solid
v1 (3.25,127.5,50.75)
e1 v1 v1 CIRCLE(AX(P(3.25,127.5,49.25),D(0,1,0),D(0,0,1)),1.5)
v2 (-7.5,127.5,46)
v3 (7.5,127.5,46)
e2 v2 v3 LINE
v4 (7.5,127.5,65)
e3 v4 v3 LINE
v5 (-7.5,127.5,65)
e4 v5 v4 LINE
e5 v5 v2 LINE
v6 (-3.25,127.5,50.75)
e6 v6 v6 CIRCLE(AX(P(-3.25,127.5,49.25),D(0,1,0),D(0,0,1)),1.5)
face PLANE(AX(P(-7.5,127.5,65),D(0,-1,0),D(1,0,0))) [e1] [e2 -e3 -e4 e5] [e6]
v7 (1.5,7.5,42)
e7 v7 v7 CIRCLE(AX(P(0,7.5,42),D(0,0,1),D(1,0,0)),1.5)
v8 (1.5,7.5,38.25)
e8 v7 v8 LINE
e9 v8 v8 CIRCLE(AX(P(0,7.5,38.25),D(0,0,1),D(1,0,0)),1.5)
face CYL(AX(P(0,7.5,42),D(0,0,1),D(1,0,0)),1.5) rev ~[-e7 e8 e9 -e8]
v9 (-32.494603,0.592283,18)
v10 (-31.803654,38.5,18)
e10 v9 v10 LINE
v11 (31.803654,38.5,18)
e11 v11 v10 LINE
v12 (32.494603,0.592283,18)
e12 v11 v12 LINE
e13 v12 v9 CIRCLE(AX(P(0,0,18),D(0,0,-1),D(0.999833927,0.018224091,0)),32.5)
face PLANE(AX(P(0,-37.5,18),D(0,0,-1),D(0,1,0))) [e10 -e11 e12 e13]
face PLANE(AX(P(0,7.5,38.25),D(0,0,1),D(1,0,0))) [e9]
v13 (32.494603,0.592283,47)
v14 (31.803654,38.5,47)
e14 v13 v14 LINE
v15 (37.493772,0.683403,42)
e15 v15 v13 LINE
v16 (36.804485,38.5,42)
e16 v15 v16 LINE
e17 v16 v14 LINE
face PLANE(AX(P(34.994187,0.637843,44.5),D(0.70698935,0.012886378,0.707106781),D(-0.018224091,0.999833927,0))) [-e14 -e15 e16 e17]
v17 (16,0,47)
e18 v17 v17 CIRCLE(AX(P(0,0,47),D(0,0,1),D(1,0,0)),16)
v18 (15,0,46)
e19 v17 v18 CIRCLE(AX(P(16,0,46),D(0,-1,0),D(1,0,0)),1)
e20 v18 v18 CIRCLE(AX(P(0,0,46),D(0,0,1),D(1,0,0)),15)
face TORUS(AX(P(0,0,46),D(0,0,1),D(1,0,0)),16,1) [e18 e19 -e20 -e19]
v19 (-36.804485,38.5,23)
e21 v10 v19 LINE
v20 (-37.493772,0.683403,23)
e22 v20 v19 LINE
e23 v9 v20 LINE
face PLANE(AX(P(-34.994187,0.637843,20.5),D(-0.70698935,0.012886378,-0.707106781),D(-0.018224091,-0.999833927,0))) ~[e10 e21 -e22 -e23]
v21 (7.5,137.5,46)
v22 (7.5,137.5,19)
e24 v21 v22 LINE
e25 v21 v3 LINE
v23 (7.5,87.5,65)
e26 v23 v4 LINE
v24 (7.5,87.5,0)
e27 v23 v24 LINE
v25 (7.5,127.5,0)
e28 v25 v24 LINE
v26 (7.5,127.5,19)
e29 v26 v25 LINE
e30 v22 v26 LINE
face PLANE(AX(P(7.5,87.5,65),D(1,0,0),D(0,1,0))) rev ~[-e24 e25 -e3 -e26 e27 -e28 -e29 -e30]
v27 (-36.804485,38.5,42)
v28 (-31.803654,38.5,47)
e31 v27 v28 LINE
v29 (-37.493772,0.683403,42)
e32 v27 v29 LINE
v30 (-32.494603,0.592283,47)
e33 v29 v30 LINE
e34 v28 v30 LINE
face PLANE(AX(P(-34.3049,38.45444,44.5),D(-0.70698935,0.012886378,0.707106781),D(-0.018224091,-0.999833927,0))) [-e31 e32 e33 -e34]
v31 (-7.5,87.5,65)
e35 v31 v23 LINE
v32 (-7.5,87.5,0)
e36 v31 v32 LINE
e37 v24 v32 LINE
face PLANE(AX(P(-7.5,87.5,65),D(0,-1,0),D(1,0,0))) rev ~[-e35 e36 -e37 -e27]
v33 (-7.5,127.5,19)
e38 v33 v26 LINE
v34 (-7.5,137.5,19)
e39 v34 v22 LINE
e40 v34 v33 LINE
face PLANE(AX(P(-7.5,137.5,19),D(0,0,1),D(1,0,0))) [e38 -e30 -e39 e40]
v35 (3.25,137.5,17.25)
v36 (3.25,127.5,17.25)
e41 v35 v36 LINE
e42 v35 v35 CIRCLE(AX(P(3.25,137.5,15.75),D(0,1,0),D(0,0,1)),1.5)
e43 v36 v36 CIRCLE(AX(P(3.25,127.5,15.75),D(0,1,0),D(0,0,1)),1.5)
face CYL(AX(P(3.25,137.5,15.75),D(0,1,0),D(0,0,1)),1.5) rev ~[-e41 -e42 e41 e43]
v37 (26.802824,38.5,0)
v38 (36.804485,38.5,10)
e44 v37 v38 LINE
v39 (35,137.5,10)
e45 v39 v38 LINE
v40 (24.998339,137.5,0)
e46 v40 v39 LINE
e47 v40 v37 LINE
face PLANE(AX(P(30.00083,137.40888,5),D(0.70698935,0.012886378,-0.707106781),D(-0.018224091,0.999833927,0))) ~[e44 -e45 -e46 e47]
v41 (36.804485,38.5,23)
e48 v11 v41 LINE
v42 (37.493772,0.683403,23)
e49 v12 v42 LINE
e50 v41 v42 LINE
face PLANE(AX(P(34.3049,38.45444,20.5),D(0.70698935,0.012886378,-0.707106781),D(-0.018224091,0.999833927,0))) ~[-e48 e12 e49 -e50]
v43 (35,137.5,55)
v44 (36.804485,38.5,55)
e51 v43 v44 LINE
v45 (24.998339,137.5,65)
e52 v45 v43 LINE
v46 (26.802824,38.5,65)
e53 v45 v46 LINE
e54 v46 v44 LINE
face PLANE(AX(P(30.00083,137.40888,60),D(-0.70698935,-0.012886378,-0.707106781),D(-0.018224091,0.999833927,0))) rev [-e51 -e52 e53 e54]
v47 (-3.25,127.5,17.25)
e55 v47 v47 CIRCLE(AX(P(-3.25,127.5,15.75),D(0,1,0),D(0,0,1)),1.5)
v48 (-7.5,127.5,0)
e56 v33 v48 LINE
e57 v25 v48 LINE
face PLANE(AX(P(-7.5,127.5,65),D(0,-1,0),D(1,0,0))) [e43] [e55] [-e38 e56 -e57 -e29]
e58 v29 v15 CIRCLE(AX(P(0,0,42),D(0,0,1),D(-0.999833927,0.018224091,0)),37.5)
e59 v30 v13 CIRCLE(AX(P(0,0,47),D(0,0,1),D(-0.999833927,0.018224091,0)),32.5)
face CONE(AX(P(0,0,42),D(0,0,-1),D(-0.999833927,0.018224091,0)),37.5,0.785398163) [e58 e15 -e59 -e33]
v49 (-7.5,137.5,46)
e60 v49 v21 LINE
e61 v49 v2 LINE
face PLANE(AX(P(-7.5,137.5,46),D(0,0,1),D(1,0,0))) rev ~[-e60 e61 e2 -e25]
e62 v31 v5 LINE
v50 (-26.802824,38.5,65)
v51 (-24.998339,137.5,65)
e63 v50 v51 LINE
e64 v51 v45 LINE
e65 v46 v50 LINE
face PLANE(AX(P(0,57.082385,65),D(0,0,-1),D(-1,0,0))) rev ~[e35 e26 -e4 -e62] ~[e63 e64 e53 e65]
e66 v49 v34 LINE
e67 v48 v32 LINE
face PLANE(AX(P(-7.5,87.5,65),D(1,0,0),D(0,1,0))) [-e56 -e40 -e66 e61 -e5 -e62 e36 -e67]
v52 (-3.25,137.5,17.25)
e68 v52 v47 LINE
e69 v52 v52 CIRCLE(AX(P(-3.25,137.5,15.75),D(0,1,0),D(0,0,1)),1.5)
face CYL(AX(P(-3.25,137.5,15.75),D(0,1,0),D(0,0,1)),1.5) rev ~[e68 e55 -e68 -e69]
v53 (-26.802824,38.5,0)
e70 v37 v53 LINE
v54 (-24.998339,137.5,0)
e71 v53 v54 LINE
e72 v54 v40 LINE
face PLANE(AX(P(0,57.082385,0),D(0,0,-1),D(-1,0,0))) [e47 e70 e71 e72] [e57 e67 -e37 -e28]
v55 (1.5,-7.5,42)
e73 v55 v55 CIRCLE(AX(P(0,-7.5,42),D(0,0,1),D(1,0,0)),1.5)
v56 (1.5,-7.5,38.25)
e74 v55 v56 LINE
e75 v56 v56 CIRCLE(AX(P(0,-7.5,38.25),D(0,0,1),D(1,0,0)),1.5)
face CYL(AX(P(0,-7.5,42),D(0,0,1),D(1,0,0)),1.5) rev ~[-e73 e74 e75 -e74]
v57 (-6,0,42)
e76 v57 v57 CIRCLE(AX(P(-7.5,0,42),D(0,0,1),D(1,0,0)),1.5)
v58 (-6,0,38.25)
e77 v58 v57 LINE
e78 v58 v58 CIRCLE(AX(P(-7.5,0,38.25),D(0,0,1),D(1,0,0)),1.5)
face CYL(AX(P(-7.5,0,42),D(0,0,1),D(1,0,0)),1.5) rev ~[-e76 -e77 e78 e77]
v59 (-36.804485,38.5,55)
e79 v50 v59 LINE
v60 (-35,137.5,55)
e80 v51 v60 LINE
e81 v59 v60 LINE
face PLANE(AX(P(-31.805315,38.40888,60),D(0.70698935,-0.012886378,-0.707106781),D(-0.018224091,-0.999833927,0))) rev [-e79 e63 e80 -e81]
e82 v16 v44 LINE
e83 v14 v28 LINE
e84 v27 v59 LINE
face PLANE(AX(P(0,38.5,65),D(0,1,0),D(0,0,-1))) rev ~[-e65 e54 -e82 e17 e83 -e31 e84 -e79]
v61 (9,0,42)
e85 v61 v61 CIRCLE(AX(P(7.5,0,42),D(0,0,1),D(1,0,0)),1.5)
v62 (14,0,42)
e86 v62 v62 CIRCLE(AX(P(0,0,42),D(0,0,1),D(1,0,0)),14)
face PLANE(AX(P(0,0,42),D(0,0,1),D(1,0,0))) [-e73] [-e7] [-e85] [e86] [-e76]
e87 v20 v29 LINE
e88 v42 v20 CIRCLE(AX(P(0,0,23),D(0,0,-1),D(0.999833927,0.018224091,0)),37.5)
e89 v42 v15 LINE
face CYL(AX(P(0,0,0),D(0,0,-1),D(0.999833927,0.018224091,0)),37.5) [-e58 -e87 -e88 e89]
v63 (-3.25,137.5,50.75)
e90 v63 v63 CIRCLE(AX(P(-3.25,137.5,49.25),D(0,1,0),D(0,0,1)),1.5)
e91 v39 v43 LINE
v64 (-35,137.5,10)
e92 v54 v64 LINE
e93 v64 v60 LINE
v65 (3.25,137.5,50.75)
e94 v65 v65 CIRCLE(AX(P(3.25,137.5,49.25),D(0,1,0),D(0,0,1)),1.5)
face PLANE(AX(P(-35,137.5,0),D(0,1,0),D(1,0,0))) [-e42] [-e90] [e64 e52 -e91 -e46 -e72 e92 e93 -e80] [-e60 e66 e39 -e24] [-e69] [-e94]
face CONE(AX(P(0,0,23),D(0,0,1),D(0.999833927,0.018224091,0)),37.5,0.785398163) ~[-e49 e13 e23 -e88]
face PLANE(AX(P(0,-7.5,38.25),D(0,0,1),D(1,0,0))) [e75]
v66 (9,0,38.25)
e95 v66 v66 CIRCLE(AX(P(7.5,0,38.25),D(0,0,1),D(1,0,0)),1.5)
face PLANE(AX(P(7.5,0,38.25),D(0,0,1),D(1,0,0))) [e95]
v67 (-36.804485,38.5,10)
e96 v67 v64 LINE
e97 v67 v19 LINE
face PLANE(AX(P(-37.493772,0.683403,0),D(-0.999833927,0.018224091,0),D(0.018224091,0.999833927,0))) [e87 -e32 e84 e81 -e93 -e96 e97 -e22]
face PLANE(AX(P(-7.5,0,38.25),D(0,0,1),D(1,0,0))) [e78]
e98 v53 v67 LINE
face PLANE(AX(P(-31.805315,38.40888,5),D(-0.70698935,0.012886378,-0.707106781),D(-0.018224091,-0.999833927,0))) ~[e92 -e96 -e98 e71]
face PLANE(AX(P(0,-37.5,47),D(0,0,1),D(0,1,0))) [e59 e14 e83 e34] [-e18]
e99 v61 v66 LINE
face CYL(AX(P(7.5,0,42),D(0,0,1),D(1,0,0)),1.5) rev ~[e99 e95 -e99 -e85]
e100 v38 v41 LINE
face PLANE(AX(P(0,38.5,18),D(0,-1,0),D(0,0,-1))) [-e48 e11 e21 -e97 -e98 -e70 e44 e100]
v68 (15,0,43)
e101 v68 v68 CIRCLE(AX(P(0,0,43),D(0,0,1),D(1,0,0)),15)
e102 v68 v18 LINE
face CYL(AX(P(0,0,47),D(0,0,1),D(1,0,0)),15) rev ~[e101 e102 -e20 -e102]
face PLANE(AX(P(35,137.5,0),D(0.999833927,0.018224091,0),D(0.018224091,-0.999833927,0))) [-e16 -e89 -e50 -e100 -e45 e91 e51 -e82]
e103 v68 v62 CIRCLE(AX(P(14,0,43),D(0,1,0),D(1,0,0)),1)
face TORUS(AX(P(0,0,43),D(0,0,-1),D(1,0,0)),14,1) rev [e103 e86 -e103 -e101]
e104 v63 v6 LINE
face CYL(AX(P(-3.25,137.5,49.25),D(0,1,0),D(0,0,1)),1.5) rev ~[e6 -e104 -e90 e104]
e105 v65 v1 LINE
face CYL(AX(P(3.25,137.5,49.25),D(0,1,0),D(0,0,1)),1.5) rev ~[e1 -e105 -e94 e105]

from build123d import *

# Parameters (mm, degrees)
BOSS_EXTRUDE1_DEPTH = 65
SKETCH2_W           = 18
SKETCH2_H           = 76
CUT_EXTRUDE1_DEPTH  = 48.5
CHAMFER1_SIZE       = 10
CHAMFER2_SIZE       = 5
SKETCH3_R           = 15
CUT_EXTRUDE2_DEPTH  = 5
SKETCH5_R           = 1.5
CUT_EXTRUDE3_DEPTH  = 3.75
FILLET1_R           = 1
SKETCH6_W           = 15
SKETCH6_H           = 40
CUT_EXTRUDE4_DEPTH  = 157.644501978
SKETCH7_R           = 1.5
SKETCH7_W           = 15
SKETCH7_H           = 27
CUT_EXTRUDE5_DEPTH  = 10


with BuildPart() as part:
    # Sketch1 → Boss-Extrude1 (new body)
    with BuildSketch(Plane.XY):
        with BuildLine():
            Line((-35, 137.5), (35, 137.5))
            Line((35, 137.5), (37.49377228, 0.68340342))
            ThreePointArc((37.49377228, 0.68340342), (0, -37.5), (-37.49377228, 0.68340342))
            Line((-37.49377228, 0.68340342), (-35, 137.5))
        make_face()
    extrude(amount=BOSS_EXTRUDE1_DEPTH)

    # Sketch2 → Cut-Extrude1 (cut, symmetric)
    with BuildSketch(Plane(origin=(0, 0, 0), x_dir=(0, 0, -1), z_dir=(1, 0, 0))):
        with Locations((-56, 0.5)):
            Rectangle(SKETCH2_W, SKETCH2_H)
        with Locations((-9, 0.5)):
            Rectangle(SKETCH2_W, SKETCH2_H)
    extrude(amount=CUT_EXTRUDE1_DEPTH, both=True, mode=Mode.SUBTRACT)

    # Chamfer1
    chamfer1_edges = [part.edges().sort_by_distance(p)[0] for p in [
        (-35.902242352, 88, 65),
        (35.902242352, 88, 0),
        (35.902242352, 88, 65),
        (-35.902242352, 88, 0),
    ]]
    chamfer(chamfer1_edges, length=CHAMFER1_SIZE)

    # Chamfer2
    chamfer2_edges = [part.edges().sort_by_distance(p)[0] for p in [
        (0, -37.5, 18),
        (0, -37.5, 47),
        (37.149128492, 19.59170171, 47),
        (-37.149128492, 19.59170171, 47),
        (37.149128492, 19.59170171, 18),
        (-37.149128492, 19.59170171, 18),
    ]]
    chamfer(chamfer2_edges, length=CHAMFER2_SIZE)

    # Sketch3 → Cut-Extrude2 (cut, symmetric)
    with BuildSketch(Plane.XY.offset(47)):
        Circle(SKETCH3_R)
    extrude(amount=CUT_EXTRUDE2_DEPTH, both=True, mode=Mode.SUBTRACT)

    # Sketch5 → Cut-Extrude3 (cut, symmetric)
    with BuildSketch(Plane.XY.offset(42)):
        with Locations((0, 7.5)):
            Circle(SKETCH5_R)
        with Locations((7.5, 0)):
            Circle(SKETCH5_R)
        with Locations((0, -7.5)):
            Circle(SKETCH5_R)
        with Locations((-7.5, 0)):
            Circle(SKETCH5_R)
    extrude(amount=CUT_EXTRUDE3_DEPTH, both=True, mode=Mode.SUBTRACT)

    # Fillet1
    fillet1_edges = [part.edges().sort_by_distance(p)[0] for p in [
        (-15, 0, 47),
        (-15, 0, 42),
    ]]
    fillet(fillet1_edges, radius=FILLET1_R)

    # Sketch6 → Cut-Extrude4 (cut, through all)
    with BuildSketch(Plane.XY.offset(65)):
        with Locations((0, 107.5)):
            Rectangle(SKETCH6_W, SKETCH6_H)
    extrude(amount=-CUT_EXTRUDE4_DEPTH, mode=Mode.SUBTRACT)

    # Sketch7 → Cut-Extrude5 (cut)
    with BuildSketch(Plane(origin=(0, 137.5, 0), x_dir=(1, 0, 0), z_dir=(0, 1, 0))):
        with Locations(Location((-3.25, -15.75, 0), (0, 0, 270))):
            Circle(SKETCH7_R)
        with Locations(Location((3.25, -15.75, 0), (0, 0, 270))):
            Circle(SKETCH7_R)
        with Locations(Location((3.25, -49.25, 0), (0, 0, 270))):
            Circle(SKETCH7_R)
        with Locations(Location((-3.25, -49.25, 0), (0, 0, 270))):
            Circle(SKETCH7_R)
        with Locations((0, -32.5)):
            Rectangle(SKETCH7_W, SKETCH7_H)
    extrude(amount=-CUT_EXTRUDE5_DEPTH, mode=Mode.SUBTRACT)


solid = part.part
